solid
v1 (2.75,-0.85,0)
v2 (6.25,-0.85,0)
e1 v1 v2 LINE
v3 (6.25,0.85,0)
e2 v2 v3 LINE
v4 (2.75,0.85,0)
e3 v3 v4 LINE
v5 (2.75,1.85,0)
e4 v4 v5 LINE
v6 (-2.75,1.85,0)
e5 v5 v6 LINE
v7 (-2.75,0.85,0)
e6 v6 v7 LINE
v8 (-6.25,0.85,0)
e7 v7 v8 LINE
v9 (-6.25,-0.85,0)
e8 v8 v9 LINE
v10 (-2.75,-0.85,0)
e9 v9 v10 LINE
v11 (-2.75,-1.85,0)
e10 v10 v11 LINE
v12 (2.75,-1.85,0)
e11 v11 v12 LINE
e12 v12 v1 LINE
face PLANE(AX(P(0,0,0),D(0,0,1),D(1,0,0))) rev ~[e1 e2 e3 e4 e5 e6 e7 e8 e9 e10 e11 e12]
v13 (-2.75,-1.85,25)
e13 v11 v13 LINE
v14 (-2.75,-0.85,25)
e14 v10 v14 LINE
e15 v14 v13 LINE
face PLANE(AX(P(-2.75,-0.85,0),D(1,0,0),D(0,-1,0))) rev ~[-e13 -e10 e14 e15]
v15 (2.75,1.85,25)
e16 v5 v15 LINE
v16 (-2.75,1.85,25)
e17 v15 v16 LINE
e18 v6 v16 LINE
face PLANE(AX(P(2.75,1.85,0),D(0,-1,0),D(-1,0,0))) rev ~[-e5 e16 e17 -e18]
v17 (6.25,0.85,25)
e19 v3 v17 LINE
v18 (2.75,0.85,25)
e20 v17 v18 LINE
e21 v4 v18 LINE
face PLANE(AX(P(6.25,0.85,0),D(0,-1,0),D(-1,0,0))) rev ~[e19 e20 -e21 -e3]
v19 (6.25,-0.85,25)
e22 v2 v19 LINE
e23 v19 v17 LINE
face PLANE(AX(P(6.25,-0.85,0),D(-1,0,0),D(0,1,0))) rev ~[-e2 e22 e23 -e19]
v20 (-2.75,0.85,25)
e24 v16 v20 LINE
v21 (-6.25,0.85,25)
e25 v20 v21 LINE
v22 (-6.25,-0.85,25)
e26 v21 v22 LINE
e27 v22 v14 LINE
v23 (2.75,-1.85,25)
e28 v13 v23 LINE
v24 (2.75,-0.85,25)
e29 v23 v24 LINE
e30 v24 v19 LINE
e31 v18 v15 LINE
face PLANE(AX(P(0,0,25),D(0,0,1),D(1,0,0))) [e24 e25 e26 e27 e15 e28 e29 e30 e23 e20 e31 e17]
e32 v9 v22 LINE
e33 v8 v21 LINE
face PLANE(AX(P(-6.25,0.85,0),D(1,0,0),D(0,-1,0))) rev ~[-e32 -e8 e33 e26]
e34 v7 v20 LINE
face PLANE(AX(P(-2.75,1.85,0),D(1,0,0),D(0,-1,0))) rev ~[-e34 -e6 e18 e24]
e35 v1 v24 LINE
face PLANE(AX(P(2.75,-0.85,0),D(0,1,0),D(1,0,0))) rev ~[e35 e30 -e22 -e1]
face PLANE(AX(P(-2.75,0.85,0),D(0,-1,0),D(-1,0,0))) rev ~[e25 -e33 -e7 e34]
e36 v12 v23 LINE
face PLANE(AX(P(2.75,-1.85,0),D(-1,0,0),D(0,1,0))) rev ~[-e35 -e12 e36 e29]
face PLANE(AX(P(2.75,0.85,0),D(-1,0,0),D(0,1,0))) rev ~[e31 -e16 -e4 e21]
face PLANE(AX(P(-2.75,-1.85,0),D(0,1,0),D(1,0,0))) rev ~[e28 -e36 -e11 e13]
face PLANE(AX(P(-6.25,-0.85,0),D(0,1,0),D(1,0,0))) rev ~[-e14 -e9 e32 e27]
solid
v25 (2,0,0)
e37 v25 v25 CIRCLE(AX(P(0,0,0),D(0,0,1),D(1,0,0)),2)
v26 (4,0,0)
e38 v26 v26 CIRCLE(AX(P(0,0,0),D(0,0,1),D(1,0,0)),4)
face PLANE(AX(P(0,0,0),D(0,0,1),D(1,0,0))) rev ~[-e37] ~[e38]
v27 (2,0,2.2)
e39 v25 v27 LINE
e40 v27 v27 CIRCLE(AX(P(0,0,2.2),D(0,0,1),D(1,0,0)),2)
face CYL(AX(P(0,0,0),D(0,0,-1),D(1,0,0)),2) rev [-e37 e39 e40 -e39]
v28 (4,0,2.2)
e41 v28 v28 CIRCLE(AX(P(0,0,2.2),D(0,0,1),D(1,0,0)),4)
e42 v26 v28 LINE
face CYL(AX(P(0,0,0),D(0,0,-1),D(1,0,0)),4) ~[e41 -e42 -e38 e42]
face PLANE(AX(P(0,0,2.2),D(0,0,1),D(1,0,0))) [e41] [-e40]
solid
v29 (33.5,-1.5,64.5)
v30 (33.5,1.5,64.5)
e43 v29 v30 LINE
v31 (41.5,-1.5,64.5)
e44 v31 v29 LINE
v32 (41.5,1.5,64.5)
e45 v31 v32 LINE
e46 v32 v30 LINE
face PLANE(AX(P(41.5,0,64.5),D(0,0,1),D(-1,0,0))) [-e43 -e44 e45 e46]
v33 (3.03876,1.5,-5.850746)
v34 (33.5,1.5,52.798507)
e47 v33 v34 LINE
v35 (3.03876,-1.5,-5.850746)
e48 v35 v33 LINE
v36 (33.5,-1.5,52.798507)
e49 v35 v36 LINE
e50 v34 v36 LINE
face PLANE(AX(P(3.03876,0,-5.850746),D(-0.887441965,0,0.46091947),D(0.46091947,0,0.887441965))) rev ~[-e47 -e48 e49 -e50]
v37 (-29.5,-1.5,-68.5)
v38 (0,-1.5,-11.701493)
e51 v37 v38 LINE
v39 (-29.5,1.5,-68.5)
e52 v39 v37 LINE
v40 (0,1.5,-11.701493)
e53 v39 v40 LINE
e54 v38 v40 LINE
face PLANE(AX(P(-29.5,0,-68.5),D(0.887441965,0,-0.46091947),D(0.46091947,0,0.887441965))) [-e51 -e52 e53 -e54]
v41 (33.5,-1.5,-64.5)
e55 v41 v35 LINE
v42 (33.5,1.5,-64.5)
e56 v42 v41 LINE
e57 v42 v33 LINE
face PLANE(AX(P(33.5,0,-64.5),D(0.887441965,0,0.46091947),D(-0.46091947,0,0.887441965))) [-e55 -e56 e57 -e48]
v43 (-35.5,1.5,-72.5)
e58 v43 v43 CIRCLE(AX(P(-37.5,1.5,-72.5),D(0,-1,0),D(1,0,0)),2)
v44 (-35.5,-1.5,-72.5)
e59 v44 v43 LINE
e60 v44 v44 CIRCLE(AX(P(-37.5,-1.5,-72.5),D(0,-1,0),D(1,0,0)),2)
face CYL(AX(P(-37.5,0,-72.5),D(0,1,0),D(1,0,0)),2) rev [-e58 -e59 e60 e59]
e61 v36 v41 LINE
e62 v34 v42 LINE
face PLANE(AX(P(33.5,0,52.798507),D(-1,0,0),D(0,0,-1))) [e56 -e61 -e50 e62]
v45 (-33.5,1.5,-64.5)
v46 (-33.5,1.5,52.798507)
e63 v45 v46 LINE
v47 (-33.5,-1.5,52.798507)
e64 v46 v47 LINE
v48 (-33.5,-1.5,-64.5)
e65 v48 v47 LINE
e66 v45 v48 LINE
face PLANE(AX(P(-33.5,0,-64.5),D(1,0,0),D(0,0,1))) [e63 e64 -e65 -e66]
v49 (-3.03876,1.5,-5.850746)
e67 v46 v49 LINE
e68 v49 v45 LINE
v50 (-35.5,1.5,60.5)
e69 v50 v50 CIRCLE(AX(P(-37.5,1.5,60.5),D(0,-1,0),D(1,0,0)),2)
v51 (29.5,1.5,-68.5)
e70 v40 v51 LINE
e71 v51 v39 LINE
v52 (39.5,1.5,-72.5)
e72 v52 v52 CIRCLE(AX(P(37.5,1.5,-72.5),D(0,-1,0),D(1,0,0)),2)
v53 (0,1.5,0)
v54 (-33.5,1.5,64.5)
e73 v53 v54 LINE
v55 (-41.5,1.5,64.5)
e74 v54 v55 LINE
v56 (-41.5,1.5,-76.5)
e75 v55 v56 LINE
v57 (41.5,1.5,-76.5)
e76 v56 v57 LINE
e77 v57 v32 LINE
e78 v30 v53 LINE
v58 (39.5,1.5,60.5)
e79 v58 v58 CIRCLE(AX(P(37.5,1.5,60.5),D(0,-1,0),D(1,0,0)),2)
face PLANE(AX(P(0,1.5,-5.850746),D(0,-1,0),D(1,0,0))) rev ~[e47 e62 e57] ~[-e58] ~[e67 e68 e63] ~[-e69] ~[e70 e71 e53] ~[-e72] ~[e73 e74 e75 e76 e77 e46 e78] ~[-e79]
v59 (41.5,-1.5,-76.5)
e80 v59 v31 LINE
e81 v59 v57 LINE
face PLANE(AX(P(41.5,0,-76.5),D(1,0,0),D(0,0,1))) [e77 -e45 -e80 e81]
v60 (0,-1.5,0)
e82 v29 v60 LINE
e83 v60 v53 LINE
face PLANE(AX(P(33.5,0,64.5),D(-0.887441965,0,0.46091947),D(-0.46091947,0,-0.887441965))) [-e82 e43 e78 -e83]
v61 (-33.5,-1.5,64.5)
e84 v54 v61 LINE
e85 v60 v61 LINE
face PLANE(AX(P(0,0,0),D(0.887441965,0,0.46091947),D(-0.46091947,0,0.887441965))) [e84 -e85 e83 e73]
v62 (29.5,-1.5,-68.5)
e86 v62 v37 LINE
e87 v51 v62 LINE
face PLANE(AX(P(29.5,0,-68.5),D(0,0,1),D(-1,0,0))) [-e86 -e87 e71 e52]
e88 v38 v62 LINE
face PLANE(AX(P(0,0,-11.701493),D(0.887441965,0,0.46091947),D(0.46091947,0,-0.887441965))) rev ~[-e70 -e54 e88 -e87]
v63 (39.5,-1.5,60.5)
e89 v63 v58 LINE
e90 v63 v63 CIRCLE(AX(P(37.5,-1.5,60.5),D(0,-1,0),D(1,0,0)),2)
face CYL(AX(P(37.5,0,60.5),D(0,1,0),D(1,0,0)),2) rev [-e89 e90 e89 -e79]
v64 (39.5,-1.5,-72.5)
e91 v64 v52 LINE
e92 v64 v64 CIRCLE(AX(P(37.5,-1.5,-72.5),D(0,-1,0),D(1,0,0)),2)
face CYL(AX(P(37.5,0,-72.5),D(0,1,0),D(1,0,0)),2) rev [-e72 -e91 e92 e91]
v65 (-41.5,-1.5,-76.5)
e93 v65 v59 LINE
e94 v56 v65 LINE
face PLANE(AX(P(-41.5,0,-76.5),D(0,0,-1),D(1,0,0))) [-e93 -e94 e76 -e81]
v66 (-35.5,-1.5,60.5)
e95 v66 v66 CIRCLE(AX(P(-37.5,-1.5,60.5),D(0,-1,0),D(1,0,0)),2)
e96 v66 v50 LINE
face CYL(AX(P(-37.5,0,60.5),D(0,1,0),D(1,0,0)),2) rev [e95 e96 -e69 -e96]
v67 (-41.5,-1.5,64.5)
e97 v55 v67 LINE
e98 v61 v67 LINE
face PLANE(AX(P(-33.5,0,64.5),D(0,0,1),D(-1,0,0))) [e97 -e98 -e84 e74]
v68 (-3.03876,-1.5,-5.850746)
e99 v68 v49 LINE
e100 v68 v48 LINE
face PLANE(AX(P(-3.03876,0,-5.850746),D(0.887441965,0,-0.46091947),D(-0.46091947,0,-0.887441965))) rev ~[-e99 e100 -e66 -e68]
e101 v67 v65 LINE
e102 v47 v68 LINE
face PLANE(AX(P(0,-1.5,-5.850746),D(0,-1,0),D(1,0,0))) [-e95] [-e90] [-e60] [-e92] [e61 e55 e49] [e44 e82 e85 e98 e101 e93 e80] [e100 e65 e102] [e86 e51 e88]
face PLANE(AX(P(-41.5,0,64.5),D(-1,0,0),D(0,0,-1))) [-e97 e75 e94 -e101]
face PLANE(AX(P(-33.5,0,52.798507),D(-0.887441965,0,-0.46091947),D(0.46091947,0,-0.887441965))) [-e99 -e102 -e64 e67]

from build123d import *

# Parameters (mm, degrees)
F1_DEPTH = 25
F2_R     = 2
F3_DEPTH = 1.5
F4_R     = 4
F4_R_2   = 2
F5_DEPTH = 2.2


with BuildPart() as f1:
    # F0 (on Top) → F1 (new body)
    with BuildSketch(Plane.XY):
        Polygon((-6.25, 0.85), (-6.25, -0.85), (-2.75, -0.85), (-2.75, -1.85), (2.75, -1.85), (2.75, -0.85), (6.25, -0.85), (6.25, 0.85), (2.75, 0.85), (2.75, 1.85), (-2.75, 1.85), (-2.75, 0.85), align=None)
    extrude(amount=F1_DEPTH)


with BuildPart() as f3:
    # F2 (on Front) → F3 (new body, symmetric)
    with BuildSketch(Plane.XZ):
        Polygon((3.0387596899, -5.8507462687), (0, 0), (-3.0387596899, -5.8507462687), (0, -11.7014925373), align=None)
        Polygon((0, 0), (-33.5, 64.5), (-33.5, 52.7985074627), (-3.0387596899, -5.8507462687), align=None)
        Polygon((33.5, -64.5), (3.0387596899, -5.8507462687), (0, -11.7014925373), (29.5, -68.5), (33.5, -68.5), align=None)
        Polygon((33.5, 52.7985074627), (33.5, 64.5), (0, 0), (3.0387596899, -5.8507462687), align=None)
        Polygon((-3.0387596899, -5.8507462687), (-33.5, -64.5), (-33.5, -68.5), (-29.5, -68.5), (0, -11.7014925373), align=None)
        Polygon((-41.5, 64.5), (-41.5, -76.5), (41.5, -76.5), (41.5, 64.5), (33.5, 64.5), (33.5, 52.7985074627), (33.5, -64.5), (33.5, -68.5), (29.5, -68.5), (-29.5, -68.5), (-33.5, -68.5), (-33.5, -64.5), (-33.5, 52.7985074627), (-33.5, 64.5), align=None)
        with Locations((-37.5, -72.5)):
            Circle(F2_R, mode=Mode.SUBTRACT)
        with Locations((37.5, -72.5)):
            Circle(F2_R, mode=Mode.SUBTRACT)
        with Locations((-37.5, 60.5)):
            Circle(F2_R, mode=Mode.SUBTRACT)
        with Locations((37.5, 60.5)):
            Circle(F2_R, mode=Mode.SUBTRACT)
    extrude(amount=F3_DEPTH, both=True)


with BuildPart() as f5:
    # F4 (on Top) → F5 (new body)
    with BuildSketch(Plane.XY):
        Circle(F4_R)
        Circle(F4_R_2, mode=Mode.SUBTRACT)
    extrude(amount=F5_DEPTH)


solid = Compound([f1.part, f3.part, f5.part])
